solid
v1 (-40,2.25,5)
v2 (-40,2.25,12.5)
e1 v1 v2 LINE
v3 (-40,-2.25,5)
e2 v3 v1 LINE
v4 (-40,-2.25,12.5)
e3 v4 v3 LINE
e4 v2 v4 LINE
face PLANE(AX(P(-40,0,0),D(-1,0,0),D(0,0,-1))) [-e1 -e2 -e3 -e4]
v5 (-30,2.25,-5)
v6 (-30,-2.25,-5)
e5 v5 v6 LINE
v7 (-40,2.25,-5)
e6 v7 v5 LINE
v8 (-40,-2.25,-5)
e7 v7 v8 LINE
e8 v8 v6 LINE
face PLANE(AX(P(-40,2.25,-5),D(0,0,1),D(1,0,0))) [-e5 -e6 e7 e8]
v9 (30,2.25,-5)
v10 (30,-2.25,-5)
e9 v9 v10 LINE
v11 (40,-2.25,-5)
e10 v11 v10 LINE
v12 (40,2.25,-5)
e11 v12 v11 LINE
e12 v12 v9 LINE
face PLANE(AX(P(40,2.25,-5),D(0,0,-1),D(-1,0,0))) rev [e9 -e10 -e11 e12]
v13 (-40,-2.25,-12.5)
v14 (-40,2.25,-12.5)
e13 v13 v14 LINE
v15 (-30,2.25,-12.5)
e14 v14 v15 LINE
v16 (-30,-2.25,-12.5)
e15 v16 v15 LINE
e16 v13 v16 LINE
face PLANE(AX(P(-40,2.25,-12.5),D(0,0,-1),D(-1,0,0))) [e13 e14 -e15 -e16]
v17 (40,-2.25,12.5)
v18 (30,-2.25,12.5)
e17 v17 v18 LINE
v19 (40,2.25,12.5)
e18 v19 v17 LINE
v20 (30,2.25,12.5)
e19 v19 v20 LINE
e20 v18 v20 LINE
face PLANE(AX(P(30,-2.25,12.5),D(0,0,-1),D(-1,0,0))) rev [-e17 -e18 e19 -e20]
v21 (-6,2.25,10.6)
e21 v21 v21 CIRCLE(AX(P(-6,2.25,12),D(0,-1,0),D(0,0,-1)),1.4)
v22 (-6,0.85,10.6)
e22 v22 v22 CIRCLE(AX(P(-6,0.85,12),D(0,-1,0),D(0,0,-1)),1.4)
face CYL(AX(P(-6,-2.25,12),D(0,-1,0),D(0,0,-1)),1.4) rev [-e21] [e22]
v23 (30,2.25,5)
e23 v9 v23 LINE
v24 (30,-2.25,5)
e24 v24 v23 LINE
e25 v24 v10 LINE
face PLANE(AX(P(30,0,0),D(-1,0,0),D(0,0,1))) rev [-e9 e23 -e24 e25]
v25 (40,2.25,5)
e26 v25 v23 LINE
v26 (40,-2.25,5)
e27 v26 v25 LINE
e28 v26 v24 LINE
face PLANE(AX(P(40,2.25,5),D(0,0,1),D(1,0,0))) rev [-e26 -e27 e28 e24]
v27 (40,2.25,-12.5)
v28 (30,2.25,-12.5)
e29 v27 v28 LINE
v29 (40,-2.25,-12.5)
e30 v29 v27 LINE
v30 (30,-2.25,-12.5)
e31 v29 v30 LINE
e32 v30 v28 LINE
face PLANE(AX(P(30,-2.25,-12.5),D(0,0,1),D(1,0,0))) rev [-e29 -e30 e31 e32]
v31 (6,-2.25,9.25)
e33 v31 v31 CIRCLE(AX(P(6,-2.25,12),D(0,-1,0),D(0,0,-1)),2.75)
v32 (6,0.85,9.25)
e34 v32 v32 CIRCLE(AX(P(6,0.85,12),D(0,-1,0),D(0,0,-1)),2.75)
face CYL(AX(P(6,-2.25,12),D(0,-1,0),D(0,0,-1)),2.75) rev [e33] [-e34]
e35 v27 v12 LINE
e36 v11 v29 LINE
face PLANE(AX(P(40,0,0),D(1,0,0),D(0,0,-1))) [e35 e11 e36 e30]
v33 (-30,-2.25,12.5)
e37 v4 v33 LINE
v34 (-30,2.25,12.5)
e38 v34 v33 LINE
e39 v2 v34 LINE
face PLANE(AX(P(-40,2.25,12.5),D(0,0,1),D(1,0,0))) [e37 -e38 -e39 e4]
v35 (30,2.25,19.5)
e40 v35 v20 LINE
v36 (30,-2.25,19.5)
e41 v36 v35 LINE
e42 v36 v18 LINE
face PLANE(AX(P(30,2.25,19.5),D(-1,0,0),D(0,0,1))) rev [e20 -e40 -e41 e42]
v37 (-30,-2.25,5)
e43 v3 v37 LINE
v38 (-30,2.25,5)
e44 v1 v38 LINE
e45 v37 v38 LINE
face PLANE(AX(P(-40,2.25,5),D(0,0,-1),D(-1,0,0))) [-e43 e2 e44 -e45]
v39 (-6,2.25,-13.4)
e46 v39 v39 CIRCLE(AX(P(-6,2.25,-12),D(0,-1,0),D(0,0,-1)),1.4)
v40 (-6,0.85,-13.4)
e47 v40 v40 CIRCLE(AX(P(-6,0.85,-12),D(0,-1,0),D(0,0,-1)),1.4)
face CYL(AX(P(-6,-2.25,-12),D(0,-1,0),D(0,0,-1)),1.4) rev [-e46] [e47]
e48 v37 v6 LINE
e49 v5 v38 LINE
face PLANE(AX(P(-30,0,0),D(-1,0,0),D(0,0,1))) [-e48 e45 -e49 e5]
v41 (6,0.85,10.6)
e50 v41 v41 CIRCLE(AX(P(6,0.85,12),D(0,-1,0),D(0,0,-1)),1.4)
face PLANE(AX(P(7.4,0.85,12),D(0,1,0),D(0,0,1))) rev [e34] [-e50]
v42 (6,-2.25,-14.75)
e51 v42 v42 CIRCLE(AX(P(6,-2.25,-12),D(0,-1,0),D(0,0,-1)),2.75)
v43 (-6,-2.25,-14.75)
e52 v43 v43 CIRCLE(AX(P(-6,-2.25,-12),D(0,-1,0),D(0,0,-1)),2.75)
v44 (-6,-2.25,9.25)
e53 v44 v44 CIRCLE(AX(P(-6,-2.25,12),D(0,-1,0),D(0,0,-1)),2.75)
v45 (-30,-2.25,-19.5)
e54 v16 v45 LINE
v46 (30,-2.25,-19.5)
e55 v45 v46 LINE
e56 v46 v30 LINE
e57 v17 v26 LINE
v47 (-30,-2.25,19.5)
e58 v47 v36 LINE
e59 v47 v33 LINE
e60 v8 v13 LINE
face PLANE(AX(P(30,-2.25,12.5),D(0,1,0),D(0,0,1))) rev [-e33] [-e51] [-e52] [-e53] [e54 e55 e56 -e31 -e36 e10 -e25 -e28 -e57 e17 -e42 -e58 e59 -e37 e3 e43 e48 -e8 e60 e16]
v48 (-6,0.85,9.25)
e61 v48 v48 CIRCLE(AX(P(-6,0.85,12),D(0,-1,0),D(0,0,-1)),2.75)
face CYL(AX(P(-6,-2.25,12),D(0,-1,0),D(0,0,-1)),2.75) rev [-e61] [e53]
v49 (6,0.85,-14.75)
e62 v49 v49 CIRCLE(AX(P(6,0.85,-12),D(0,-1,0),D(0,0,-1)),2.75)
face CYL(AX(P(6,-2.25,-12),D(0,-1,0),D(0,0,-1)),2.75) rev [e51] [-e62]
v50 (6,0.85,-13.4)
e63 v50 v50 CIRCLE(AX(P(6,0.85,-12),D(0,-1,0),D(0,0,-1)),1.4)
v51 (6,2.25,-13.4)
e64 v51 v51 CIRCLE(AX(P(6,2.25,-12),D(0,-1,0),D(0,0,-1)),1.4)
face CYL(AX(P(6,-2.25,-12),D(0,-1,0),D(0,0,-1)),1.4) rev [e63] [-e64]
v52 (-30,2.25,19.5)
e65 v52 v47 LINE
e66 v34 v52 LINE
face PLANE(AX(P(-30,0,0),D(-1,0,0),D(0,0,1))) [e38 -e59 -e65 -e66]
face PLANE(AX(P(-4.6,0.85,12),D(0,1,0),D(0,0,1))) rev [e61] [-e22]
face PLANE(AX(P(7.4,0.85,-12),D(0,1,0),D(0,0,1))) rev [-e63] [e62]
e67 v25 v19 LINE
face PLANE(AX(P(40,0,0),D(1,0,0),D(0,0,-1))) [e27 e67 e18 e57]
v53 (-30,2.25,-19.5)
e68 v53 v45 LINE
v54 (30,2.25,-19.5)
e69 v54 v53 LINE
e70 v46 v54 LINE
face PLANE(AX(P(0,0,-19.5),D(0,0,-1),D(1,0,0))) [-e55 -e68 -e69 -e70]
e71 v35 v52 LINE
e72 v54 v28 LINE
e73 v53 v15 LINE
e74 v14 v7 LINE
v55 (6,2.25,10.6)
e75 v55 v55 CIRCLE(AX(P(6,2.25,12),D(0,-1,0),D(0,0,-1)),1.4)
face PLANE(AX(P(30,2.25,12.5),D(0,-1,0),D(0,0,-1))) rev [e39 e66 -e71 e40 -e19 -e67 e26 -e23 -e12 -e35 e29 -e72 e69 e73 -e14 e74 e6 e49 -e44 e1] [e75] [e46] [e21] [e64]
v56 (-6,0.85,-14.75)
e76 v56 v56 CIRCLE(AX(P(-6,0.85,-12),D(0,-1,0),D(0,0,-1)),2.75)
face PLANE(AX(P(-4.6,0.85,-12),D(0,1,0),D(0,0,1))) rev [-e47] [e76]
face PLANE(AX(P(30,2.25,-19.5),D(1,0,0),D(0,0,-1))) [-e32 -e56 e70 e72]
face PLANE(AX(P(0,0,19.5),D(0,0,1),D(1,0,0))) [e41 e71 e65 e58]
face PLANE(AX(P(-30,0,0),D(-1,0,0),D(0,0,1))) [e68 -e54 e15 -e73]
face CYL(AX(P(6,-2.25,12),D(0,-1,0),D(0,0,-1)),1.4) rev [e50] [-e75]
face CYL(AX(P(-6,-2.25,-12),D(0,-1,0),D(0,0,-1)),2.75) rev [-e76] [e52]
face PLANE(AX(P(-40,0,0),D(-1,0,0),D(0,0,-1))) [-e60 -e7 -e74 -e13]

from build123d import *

# Parameters (mm, degrees)
SKETCH1_W                       = 25
SKETCH1_H                       = 4.5
BOSS_EXTRUDE1_DEPTH             = 30
SKETCH2_W                       = 7.5
SKETCH2_H                       = 4.5
BOSS_EXTRUDE2_DEPTH             = 10
ESQUISSE1_W                     = 60
ESQUISSE1_H                     = 4.5
BOSS_EXTRU_1_DEPTH              = 7
CBORE_FOR_M3_SBHCS2_D           = 2.8
CBORE_FOR_M3_SBHCS2_CBORE_D     = 5.5
CBORE_FOR_M3_SBHCS2_CBORE_DEPTH = 3.1


with BuildPart() as part:
    # Sketch1 → Boss-Extrude1 (new, symmetric)
    with BuildSketch(Plane(origin=(0, 0, 0), x_dir=(0, 0, -1), z_dir=(1, 0, 0))):
        Rectangle(SKETCH1_W, SKETCH1_H)
    extrude(amount=BOSS_EXTRUDE1_DEPTH, both=True)

    # Sketch2 → Boss-Extrude2 (add)
    with BuildSketch(Plane(origin=(30, 0, 0), x_dir=(0, 0, -1), z_dir=(1, 0, 0))):
        with Locations((-8.75, 0)):
            Rectangle(SKETCH2_W, SKETCH2_H)
        with Locations((8.75, 0)):
            Rectangle(SKETCH2_W, SKETCH2_H)
    boss_extrude2 = extrude(amount=BOSS_EXTRUDE2_DEPTH)

    # Esquisse1 → Boss.-Extru.1 (add)
    with BuildSketch(Plane.XY.offset(12.5)):
        Rectangle(ESQUISSE1_W, ESQUISSE1_H)
    boss_extru_1 = extrude(amount=BOSS_EXTRU_1_DEPTH)

    # Symétrie1: Boss.-Extru.1 across plane
    add(boss_extru_1.mirror(Plane.XY))

    # Mirror1: Boss-Extrude2 across plane
    add(boss_extrude2.mirror(Plane(origin=(0, 0, 0), x_dir=(0, 0, 1), z_dir=(1, 0, 0))))

    # CBORE for M3 SBHCS2 (through all)
    with Locations(Plane(origin=(0, -2.25, 0), x_dir=(-1, 0, 0), z_dir=(0, -1, 0))):
        with Locations((-6, 12), (6, 12), (6, -12), (-6, -12)):
            CounterBoreHole(CBORE_FOR_M3_SBHCS2_D / 2, CBORE_FOR_M3_SBHCS2_CBORE_D / 2, CBORE_FOR_M3_SBHCS2_CBORE_DEPTH)


solid = part.part
